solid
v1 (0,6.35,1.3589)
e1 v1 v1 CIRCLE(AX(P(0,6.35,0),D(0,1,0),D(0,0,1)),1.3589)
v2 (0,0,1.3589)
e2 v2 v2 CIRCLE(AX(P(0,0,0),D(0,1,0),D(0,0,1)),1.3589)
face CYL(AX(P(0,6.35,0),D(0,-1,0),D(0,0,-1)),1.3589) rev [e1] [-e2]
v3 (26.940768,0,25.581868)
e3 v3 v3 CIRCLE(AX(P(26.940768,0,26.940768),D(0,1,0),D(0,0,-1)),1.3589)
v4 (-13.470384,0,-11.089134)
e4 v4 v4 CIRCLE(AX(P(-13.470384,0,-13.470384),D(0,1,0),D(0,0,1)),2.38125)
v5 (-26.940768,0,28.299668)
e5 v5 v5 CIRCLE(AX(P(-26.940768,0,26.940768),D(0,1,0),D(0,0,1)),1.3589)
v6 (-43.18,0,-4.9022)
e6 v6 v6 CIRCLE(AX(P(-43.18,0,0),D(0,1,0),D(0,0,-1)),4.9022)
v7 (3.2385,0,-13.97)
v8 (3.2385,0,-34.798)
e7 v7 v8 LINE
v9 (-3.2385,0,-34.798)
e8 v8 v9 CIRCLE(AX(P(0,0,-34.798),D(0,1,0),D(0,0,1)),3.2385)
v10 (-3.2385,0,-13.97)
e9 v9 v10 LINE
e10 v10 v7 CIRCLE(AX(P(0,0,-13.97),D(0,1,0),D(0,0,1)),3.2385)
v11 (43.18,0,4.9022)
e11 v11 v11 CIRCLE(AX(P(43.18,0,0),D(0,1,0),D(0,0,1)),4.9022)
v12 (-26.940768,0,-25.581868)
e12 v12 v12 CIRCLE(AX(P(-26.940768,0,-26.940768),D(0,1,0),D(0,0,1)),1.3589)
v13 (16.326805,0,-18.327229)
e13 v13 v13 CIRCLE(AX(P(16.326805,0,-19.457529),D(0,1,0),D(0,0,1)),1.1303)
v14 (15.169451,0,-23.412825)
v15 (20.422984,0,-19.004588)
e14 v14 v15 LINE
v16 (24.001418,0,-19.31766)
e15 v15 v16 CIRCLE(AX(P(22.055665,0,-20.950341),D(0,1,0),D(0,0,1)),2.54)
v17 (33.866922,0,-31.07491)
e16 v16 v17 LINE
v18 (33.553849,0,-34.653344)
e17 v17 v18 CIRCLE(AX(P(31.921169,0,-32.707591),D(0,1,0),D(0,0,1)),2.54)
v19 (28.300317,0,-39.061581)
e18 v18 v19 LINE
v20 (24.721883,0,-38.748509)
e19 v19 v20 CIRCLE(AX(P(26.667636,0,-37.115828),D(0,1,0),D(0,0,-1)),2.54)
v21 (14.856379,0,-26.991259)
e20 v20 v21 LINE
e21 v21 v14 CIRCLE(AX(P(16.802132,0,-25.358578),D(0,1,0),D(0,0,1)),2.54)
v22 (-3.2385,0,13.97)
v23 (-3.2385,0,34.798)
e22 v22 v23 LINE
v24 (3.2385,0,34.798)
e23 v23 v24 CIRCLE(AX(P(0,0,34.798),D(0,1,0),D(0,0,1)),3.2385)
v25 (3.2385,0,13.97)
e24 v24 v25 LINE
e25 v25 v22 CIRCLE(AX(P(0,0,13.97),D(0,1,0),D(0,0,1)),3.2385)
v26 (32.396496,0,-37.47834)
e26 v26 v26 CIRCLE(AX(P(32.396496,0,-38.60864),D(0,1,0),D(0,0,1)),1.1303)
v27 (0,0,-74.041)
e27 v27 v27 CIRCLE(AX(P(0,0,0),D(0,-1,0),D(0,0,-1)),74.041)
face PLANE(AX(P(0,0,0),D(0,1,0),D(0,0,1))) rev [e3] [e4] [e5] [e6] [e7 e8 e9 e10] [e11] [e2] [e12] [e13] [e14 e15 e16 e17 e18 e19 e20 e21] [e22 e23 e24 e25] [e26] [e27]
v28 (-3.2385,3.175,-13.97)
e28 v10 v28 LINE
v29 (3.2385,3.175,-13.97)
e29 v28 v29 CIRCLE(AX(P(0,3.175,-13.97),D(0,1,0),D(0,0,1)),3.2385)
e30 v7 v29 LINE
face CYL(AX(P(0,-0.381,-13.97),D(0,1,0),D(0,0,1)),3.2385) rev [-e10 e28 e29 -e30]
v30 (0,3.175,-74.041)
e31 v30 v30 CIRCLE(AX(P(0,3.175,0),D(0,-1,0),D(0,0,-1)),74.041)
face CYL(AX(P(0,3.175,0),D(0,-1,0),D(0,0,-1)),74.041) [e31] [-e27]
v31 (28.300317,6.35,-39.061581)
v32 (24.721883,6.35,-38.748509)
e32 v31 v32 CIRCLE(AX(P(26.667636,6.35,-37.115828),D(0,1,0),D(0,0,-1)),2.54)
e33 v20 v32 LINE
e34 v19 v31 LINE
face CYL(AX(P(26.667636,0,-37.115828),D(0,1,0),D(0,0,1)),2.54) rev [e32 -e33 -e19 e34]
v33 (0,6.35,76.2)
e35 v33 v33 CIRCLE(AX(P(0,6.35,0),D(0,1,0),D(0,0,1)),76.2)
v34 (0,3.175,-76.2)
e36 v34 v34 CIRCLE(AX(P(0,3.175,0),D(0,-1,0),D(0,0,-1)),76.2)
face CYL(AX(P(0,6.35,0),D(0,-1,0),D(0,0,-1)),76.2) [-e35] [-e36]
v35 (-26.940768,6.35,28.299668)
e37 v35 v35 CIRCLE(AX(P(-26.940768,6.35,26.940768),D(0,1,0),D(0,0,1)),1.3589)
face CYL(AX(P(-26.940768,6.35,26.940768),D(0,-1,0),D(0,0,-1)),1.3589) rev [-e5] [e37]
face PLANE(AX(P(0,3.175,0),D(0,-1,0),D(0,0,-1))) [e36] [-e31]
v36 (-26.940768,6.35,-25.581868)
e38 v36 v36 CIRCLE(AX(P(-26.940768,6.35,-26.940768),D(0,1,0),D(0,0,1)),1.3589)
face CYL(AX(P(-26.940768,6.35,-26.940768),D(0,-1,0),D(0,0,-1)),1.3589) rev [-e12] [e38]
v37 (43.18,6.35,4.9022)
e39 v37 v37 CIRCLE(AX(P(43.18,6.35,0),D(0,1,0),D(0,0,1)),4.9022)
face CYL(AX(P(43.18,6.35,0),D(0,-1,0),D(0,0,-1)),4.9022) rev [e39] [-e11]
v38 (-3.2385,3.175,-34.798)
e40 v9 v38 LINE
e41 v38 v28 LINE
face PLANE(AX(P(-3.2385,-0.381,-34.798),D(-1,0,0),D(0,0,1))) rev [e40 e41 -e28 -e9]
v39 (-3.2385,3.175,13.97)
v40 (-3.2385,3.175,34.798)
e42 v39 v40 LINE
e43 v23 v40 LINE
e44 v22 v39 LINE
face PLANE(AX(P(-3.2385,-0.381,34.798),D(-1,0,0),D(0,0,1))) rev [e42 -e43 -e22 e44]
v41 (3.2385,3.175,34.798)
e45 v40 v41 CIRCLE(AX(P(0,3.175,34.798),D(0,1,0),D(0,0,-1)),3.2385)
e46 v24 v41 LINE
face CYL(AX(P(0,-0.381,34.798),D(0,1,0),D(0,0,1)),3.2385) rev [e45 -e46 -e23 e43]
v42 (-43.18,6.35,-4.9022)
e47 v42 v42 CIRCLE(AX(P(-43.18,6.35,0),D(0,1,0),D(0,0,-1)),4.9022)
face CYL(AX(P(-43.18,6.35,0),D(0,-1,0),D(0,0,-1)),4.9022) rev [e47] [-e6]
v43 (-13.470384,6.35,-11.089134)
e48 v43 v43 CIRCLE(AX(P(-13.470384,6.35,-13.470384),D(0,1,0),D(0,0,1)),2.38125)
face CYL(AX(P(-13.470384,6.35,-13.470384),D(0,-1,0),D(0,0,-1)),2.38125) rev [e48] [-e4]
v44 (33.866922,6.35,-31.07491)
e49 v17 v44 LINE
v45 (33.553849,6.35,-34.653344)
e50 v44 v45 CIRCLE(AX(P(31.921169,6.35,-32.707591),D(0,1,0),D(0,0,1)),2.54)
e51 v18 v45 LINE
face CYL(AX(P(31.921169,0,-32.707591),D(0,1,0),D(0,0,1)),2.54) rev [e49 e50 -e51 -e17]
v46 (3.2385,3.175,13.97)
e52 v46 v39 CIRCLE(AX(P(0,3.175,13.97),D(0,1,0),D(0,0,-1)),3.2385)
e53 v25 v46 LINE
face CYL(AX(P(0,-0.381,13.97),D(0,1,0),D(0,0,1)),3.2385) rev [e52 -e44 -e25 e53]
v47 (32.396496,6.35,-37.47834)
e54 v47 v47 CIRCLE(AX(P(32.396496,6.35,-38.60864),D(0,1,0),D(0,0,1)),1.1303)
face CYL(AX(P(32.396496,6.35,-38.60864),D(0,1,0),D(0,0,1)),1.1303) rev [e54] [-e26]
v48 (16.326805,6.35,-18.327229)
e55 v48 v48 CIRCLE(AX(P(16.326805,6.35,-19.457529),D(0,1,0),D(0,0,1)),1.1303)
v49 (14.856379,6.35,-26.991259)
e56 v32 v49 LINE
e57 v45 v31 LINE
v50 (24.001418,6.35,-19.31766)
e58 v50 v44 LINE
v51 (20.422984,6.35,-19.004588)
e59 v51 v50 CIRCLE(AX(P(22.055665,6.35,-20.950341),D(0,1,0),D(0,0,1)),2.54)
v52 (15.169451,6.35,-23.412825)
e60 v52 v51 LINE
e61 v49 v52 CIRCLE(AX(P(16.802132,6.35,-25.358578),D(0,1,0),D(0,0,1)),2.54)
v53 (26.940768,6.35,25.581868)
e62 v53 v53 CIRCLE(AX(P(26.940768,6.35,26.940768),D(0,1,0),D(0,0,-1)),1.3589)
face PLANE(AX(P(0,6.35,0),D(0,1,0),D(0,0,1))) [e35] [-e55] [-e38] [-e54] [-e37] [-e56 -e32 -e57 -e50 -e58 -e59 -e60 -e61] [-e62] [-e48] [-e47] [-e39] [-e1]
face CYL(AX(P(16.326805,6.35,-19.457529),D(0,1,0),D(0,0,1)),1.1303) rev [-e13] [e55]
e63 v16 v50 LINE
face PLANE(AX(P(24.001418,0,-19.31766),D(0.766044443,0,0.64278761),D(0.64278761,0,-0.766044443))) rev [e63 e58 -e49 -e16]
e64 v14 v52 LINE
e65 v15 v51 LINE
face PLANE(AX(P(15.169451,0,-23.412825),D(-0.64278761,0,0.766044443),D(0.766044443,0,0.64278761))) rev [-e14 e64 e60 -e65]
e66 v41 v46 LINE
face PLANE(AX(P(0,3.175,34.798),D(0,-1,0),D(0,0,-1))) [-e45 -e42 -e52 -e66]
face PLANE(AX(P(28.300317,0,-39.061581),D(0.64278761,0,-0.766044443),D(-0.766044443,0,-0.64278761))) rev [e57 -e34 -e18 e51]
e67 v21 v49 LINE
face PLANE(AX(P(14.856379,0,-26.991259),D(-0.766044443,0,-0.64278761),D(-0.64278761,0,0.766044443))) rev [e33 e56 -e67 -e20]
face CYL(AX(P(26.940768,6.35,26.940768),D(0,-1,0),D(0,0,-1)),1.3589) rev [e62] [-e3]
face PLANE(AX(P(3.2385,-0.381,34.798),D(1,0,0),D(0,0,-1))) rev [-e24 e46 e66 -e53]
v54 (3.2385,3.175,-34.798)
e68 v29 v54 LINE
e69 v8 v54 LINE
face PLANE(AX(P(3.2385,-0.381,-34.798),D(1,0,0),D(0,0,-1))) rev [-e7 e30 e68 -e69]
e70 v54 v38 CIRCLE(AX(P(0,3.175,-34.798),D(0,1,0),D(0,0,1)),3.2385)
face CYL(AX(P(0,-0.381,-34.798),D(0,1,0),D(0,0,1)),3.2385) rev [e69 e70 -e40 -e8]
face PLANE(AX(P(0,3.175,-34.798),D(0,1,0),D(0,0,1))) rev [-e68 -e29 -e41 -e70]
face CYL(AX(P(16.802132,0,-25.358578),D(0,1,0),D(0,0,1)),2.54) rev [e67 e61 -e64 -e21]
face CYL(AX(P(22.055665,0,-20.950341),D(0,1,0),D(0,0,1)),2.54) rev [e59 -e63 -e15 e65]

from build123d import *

# Parameters (mm, degrees)
SKETCH1_R                 = 76.2
SKETCH1_R_2               = 4.9022
SKETCH1_R_3               = 1.3589
SKETCH1_R_4               = 2.38125
BOSS_EXTRUDE1_DEPTH       = 6.35
SKETCH2_R                 = 76.2
SKETCH2_R_2               = 74.041
CUT_EXTRUDE1_DEPTH        = 3.175
CUT_EXTRUDE2_START        = -3.175
CUT_EXTRUDE2_DEPTH        = 3.556
TAP_DRILL_FOR_4_40_TAP1_D = 2.2606
CUT_EXTRUDE3_DEPTH        = 7.35


with BuildPart() as part:
    # Sketch1 → Boss-Extrude1 (new body)
    with BuildSketch(Plane(origin=(0, 0, 0), x_dir=(1, 0, 0), z_dir=(0, 1, 0))):
        Circle(SKETCH1_R)
        with Locations((43.18, 0)):
            Circle(SKETCH1_R_2, mode=Mode.SUBTRACT)
        with Locations((-43.18, 0)):
            Circle(SKETCH1_R_2, mode=Mode.SUBTRACT)
        with Locations((-26.940768363, 26.940768363)):
            Circle(SKETCH1_R_3, mode=Mode.SUBTRACT)
        with Locations((26.940768363, -26.940768363)):
            Circle(SKETCH1_R_3, mode=Mode.SUBTRACT)
        with Locations((-13.470384182, 13.470384182)):
            Circle(SKETCH1_R_4, mode=Mode.SUBTRACT)
        with Locations((-26.940768363, -26.940768363)):
            Circle(SKETCH1_R_3, mode=Mode.SUBTRACT)
        Circle(SKETCH1_R_3, mode=Mode.SUBTRACT)
    extrude(amount=BOSS_EXTRUDE1_DEPTH)

    # Sketch2 → Cut-Extrude1 (cut)
    with BuildSketch(Plane.XZ):
        Circle(SKETCH2_R)
        Circle(SKETCH2_R_2, mode=Mode.SUBTRACT)
    extrude(amount=-CUT_EXTRUDE1_DEPTH, mode=Mode.SUBTRACT)

    # Sketch3 → Cut-Extrude2 (cut)
    with BuildSketch(Plane(origin=(0, 6.35, 0), x_dir=(1, 0, 0), z_dir=(0, 1, 0)).offset(CUT_EXTRUDE2_START)):
        with BuildLine():
            Line((3.2385, 34.798), (3.2385, 13.97))
            ThreePointArc((3.2385, 13.97), (0, 10.7315), (-3.2385, 13.97))
            Line((-3.2385, 13.97), (-3.2385, 34.798))
            ThreePointArc((-3.2385, 34.798), (0, 38.0365), (3.2385, 34.798))
        make_face()
        with BuildLine():
            Line((3.2385, -34.798), (3.2385, -13.97))
            ThreePointArc((3.2385, -13.97), (0, -10.7315), (-3.2385, -13.97))
            Line((-3.2385, -13.97), (-3.2385, -34.798))
            ThreePointArc((-3.2385, -34.798), (0, -38.0365), (3.2385, -34.798))
        make_face()
    extrude(amount=-CUT_EXTRUDE2_DEPTH, mode=Mode.SUBTRACT)

    # Tap Drill for #4-40 Tap1 (through all)
    with Locations(Plane(origin=(0, 6.35, 0), x_dir=(1, 0, 0), z_dir=(0, 1, 0))):
        with Locations((16.326805286, 19.457528855), (32.396495553, 38.608639962)):
            Hole(TAP_DRILL_FOR_4_40_TAP1_D / 2)

    # Sketch4 → Cut-Extrude3 (cut, through all)
    with BuildSketch(Plane(origin=(0, 6.35, 0), x_dir=(1, 0, 0), z_dir=(0, 1, 0))):
        with BuildLine():
            Line((15.169451366, 23.412825166), (20.422984157, 19.004587739))
            ThreePointArc((20.422984157, 19.004587739), (22.277040272, 18.420006091), (24.001417571, 19.317660095))
            Line((24.001417571, 19.317660095), (33.866921829, 31.074910238))
            ThreePointArc((33.866921829, 31.074910238), (34.451503477, 32.928966353), (33.553849472, 34.653343652))
            Line((33.553849472, 34.653343652), (28.300316681, 39.061581079))
            ThreePointArc((28.300316681, 39.061581079), (26.446260566, 39.646162727), (24.721883267, 38.748508722))
            Line((24.721883267, 38.748508722), (14.856379009, 26.99125858))
            ThreePointArc((14.856379009, 26.99125858), (14.271797362, 25.137202465), (15.169451366, 23.412825166))
        make_face()
    extrude(amount=-CUT_EXTRUDE3_DEPTH, mode=Mode.SUBTRACT)


solid = part.part
